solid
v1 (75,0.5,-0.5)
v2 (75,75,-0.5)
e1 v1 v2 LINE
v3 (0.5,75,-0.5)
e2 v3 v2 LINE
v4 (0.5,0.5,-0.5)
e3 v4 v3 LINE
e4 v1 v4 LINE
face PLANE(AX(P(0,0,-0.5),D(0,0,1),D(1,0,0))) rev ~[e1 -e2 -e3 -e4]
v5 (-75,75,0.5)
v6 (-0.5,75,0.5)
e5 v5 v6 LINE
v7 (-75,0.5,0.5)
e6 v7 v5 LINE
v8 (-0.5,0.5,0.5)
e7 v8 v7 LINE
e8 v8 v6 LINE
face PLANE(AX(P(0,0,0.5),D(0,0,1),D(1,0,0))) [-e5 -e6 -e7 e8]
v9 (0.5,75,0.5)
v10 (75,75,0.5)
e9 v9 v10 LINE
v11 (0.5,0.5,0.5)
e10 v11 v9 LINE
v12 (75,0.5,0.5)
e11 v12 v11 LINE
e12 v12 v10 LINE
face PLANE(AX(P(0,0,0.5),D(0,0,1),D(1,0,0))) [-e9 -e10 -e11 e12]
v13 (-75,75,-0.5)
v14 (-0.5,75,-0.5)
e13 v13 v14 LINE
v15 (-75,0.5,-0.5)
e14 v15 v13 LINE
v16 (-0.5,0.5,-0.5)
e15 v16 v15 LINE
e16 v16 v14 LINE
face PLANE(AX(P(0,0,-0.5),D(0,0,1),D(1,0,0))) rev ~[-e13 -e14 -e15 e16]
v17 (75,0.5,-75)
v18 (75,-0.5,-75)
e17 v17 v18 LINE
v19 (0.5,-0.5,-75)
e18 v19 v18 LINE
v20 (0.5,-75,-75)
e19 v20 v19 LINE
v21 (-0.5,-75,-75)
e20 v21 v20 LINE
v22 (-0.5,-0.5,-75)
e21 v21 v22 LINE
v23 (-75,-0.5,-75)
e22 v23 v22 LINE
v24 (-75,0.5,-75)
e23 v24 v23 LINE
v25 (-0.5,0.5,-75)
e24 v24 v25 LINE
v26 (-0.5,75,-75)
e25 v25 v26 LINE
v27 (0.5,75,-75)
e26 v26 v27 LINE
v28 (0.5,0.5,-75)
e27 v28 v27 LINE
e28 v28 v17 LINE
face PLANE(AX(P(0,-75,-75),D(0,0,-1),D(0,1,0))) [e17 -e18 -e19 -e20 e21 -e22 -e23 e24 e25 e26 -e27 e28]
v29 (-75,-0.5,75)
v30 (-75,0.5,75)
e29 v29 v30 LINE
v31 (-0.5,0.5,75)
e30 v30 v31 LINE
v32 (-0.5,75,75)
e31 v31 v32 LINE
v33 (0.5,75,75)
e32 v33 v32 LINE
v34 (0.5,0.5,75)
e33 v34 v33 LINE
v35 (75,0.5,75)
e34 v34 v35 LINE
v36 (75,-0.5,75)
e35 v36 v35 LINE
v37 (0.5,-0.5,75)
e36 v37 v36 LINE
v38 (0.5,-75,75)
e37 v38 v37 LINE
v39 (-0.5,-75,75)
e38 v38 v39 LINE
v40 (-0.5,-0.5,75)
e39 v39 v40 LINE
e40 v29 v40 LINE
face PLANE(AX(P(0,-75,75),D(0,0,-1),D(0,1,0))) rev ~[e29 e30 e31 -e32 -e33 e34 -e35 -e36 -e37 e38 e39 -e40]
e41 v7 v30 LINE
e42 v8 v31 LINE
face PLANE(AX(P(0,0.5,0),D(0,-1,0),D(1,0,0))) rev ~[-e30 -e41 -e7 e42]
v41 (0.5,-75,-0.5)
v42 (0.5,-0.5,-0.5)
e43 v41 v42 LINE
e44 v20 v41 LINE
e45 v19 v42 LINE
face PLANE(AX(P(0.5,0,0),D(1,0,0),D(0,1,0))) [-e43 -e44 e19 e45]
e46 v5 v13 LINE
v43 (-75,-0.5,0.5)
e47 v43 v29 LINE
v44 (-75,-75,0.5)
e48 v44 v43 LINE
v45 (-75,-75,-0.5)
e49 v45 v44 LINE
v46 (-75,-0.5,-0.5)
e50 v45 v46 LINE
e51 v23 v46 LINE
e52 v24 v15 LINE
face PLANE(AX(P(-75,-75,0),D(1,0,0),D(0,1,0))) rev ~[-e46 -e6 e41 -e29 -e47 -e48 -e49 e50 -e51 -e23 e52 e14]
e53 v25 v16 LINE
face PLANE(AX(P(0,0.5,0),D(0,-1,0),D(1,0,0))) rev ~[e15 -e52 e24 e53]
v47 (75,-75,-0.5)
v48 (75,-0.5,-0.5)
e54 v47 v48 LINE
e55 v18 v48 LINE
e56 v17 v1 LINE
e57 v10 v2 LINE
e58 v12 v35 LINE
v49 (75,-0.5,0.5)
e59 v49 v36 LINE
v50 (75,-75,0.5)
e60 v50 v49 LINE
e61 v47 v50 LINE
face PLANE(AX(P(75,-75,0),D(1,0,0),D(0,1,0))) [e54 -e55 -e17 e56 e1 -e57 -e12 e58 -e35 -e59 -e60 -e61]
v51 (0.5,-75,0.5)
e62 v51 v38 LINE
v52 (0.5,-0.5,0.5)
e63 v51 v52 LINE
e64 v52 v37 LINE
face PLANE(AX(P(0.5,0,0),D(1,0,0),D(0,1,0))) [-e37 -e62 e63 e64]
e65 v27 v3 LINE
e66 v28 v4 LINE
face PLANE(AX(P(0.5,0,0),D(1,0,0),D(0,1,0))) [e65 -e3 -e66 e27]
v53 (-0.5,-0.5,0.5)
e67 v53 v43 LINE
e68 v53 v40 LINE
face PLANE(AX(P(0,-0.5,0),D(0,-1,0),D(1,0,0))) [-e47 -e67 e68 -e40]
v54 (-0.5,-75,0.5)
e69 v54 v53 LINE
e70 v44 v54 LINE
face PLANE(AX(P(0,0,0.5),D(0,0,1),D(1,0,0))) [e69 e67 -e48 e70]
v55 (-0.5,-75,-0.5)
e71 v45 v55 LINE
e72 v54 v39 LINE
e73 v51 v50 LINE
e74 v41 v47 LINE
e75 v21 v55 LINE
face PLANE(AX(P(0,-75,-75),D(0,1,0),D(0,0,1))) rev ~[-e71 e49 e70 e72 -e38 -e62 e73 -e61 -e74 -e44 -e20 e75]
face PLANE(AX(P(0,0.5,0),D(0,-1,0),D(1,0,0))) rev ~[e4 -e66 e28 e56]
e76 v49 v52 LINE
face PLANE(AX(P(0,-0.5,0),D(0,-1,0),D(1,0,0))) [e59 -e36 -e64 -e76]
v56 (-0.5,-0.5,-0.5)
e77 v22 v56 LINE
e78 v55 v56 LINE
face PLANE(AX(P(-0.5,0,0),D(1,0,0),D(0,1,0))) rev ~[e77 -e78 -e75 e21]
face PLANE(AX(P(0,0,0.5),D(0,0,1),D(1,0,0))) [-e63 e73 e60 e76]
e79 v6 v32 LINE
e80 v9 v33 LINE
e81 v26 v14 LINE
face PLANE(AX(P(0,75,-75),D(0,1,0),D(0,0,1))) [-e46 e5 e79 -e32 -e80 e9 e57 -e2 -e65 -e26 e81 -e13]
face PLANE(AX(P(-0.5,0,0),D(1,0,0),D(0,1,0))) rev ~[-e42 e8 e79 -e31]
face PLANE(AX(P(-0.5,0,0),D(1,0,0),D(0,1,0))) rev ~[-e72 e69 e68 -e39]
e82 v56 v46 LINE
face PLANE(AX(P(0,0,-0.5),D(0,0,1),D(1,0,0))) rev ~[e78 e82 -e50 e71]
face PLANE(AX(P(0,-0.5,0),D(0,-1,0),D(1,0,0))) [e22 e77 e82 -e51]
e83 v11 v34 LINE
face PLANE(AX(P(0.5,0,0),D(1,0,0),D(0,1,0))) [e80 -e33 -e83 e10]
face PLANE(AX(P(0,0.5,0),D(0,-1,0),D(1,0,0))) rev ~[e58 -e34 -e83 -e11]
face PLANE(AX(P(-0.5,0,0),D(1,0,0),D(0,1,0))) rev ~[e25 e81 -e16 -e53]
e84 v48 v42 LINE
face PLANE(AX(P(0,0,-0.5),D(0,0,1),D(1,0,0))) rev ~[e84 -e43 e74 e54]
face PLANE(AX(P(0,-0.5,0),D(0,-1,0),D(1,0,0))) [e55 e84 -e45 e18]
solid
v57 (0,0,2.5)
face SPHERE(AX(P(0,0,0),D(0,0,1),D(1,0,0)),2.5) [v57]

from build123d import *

# Parameters (mm, degrees)
F0_W     = 150
F0_H     = 150
F1_DEPTH = 0.5
F2_W     = 150
F2_H     = 150
F3_DEPTH = 0.5
F4_W     = 150
F4_H     = 150
F5_DEPTH = 0.5


with BuildPart() as f1:
    # F0 (on Front) → F1 (new body, symmetric)
    with BuildSketch(Plane.XZ):
        Rectangle(F0_W, F0_H)
    extrude(amount=F1_DEPTH, both=True)

    # F2 (on Top) → F3 (join, symmetric)
    with BuildSketch(Plane.XY):
        Rectangle(F2_W, F2_H)
    extrude(amount=F3_DEPTH, both=True)

    # F4 (on Right) → F5 (join, symmetric)
    with BuildSketch(Plane.YZ):
        Rectangle(F4_W, F4_H)
    extrude(amount=F5_DEPTH, both=True)


with BuildPart() as f7:
    # F6 (on Front) → F7 (revolve)
    with BuildSketch(Plane.XZ):
        with BuildLine():
            Line((0, 0), (0, -2.5))
            ThreePointArc((0, -2.5), (2.5, 0), (0, 2.5))
            Line((0, 2.5), (0, 0))
        make_face()
    revolve(axis=Axis((0, 0, 1.25), (0, 0, 1)))


solid = Compound([f1.part, f7.part])
